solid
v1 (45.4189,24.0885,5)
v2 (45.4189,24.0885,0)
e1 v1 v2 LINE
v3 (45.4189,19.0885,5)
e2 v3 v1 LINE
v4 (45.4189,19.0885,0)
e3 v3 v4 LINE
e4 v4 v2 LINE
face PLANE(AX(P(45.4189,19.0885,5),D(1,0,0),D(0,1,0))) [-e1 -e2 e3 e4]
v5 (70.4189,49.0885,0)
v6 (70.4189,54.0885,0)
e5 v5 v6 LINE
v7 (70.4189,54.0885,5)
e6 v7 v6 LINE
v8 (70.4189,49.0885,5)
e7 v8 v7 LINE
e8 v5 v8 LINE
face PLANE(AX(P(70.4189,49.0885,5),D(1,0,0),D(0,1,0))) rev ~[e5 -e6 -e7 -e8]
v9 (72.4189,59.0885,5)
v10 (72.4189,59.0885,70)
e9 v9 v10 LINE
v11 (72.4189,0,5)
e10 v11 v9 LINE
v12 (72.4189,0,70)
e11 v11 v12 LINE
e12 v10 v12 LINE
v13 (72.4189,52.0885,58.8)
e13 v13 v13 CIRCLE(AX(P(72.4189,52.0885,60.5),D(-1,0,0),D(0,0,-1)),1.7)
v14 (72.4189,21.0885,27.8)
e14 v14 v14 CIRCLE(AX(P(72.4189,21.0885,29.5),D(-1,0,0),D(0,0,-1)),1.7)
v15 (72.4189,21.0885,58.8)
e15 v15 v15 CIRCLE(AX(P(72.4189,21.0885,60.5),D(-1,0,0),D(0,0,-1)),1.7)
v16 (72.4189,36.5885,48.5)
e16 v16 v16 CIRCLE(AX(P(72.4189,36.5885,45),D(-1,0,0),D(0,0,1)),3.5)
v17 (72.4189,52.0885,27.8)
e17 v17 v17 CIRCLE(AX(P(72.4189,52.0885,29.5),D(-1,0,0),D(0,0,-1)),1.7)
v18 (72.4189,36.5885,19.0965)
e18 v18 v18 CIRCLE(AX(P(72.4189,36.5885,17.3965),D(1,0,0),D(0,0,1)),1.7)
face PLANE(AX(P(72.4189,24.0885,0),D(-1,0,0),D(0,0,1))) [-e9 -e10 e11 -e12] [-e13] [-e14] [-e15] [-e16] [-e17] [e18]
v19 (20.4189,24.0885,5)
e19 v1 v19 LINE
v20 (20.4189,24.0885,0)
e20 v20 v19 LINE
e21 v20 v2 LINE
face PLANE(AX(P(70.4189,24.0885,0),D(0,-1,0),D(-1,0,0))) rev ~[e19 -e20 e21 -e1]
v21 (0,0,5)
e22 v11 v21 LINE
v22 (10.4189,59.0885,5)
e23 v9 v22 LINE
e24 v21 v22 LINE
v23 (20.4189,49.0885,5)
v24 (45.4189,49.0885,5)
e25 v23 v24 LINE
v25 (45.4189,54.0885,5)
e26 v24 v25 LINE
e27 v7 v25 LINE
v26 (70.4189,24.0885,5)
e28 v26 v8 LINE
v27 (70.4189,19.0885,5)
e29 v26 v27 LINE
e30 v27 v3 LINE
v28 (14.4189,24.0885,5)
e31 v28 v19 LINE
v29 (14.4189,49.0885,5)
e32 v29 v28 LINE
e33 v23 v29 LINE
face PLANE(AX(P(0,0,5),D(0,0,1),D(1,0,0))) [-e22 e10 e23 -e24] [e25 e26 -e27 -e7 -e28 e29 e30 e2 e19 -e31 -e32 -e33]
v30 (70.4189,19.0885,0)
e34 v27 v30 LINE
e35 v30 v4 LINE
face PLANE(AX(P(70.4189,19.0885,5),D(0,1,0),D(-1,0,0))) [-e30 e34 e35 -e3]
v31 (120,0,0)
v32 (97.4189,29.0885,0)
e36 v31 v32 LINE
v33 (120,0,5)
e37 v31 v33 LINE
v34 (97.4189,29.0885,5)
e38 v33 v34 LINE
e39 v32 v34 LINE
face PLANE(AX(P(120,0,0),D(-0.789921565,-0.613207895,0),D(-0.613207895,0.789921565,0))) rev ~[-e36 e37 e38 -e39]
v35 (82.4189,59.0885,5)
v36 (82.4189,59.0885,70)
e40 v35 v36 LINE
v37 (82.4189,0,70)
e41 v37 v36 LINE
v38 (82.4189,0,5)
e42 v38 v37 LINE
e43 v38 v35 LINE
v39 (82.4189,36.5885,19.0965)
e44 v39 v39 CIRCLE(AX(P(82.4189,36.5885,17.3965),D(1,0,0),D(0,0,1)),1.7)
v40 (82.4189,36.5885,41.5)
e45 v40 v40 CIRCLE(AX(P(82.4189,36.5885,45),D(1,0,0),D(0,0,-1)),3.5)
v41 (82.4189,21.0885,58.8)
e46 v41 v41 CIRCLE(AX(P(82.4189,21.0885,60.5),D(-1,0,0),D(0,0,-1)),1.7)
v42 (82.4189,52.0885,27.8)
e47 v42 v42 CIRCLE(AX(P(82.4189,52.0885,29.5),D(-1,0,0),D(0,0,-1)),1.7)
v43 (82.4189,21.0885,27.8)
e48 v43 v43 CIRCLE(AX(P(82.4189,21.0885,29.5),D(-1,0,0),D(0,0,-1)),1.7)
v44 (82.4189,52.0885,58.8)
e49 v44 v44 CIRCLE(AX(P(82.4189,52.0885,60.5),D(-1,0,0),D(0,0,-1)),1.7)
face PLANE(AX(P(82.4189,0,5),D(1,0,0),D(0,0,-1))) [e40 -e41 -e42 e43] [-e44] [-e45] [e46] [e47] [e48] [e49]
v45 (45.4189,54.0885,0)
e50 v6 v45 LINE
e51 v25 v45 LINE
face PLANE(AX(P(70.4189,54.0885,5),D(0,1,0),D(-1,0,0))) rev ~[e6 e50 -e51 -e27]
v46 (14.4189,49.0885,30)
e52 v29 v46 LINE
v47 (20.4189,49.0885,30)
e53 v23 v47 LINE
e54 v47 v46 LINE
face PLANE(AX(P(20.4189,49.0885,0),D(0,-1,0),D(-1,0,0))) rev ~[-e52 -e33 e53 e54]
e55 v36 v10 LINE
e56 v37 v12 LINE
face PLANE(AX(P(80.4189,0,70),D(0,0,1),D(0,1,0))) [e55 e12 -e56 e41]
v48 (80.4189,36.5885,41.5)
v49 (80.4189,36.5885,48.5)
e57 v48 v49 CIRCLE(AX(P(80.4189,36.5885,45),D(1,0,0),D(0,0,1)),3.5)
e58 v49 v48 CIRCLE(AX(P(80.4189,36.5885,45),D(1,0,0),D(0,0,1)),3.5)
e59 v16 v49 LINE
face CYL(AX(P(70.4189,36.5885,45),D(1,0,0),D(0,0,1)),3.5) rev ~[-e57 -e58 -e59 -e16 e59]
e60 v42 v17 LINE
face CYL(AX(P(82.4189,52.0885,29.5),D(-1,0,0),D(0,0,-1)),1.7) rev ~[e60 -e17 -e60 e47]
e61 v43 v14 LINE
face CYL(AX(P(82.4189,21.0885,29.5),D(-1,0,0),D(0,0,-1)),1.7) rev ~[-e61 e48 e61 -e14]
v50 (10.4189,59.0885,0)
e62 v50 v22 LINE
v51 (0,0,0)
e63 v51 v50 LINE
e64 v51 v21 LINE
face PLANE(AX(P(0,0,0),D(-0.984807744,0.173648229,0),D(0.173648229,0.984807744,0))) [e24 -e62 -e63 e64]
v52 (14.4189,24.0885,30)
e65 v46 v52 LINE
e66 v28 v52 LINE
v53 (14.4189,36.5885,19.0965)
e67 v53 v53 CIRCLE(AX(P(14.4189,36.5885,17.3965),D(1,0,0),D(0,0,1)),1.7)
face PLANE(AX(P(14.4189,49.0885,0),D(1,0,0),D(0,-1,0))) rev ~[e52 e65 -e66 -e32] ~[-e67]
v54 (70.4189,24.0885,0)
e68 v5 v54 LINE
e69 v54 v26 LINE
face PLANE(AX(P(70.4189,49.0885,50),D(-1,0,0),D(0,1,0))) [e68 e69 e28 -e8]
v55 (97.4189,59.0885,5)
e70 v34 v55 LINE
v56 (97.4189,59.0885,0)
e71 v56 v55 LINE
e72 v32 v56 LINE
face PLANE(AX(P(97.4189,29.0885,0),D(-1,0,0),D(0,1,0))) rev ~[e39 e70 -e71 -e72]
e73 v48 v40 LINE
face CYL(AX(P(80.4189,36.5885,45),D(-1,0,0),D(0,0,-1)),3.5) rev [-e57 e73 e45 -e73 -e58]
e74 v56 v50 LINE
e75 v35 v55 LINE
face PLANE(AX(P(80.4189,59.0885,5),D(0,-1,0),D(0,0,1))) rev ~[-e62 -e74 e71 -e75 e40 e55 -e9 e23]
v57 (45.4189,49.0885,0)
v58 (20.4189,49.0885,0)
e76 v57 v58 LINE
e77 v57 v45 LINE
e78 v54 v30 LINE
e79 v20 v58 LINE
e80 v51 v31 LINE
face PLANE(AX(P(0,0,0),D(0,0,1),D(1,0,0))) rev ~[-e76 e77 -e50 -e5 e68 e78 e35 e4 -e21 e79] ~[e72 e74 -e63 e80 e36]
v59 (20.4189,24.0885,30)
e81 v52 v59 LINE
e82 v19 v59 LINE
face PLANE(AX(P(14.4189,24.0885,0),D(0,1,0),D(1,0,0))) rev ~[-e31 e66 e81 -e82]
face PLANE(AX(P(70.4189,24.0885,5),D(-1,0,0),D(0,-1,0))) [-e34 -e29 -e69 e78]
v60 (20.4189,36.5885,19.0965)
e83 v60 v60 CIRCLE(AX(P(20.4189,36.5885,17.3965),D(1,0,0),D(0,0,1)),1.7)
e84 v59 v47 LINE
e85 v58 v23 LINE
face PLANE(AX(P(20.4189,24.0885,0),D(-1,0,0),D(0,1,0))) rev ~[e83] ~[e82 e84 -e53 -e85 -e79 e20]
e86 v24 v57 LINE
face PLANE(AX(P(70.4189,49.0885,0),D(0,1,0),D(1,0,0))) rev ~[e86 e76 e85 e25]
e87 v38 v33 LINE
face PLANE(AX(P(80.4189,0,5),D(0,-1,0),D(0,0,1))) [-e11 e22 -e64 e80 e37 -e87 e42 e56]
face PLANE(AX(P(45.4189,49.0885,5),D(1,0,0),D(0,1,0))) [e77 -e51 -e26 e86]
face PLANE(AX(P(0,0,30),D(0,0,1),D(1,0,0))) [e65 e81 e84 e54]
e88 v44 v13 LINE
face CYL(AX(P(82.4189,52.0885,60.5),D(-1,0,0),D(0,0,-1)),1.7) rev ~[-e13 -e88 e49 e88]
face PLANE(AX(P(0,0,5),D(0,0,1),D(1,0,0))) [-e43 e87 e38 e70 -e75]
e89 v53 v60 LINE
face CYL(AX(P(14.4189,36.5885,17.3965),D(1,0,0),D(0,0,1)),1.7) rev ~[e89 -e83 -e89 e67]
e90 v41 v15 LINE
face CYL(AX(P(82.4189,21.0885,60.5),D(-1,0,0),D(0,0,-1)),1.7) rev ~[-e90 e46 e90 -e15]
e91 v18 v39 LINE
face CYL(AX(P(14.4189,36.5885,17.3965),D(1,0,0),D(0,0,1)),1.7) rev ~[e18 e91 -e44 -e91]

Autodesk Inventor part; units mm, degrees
ref_plane "YZ Plane" through (0, 0, 0) normal (1, 0, 0) x (0, 1, 0)
ref_plane "XZ Plane" through (0, 0, 0) normal (0, 1, 0) x (-1, 0, 0)
ref_plane "XY Plane" through (0, 0, 0) normal (0, 0, 1) x (1, 0, 0)
sketch "Szkic1" plane through (0, 0, 0) normal (0, 0, 1) x (1, 0, 0)
  line L0 (0, 0) -> (120, 0)
  line L1 (0, 0) -> (10.4189, 59.0885)
  line L2 (0, 0) -> (60, 0) construction
  line L3 (120, 0) -> (97.4189, 29.0885)
  line L4 (10.4189, 59.0885) -> (70.4189, 59.0885)
  line L5 (10.4189, 59.0885) -> (70.4189, 59.0885) construction
  line L6 (97.4189, 29.0885) -> (97.4189, 59.0885)
  line L7 (97.4189, 59.0885) -> (70.4189, 59.0885)
  line L8 (20.4189, 49.0885) -> (70.4189, 49.0885)
  line L9 (70.4189, 49.0885) -> (70.4189, 24.0885)
  line L10 (70.4189, 24.0885) -> (20.4189, 24.0885)
  line L11 (20.4189, 24.0885) -> (20.4189, 49.0885)
  line L12 (20.4189, 49.0885) -> (14.4189, 49.0885)
  line L13 (14.4189, 49.0885) -> (14.4189, 24.0885)
  line L14 (14.4189, 24.0885) -> (20.4189, 24.0885)
  line L15 (20.4189, 24.0885) -> (20.4189, 49.0885)
  line L16 (70.4189, 49.0885) -> (80.4189, 49.0885)
  line L17 (80.4189, 49.0885) -> (80.4189, 24.0885)
  line L18 (80.4189, 24.0885) -> (70.4189, 24.0885)
  line L19 (70.4189, 24.0885) -> (70.4189, 49.0885)
  dimension "d0" = 120
  dimension "d1" = 60
  dimension "d2" = 80
  dimension "d4" = 60
  dimension "d5" = 0
  dimension "d6" = 50
  dimension "d7" = 25
  dimension "d8" = 10
  dimension "d9" = 10
  dimension "d10" = 6
  dimension "d11" = 10
  dimension "d23" = 27
  dimension "d24" = 30
extrude "Wyciągnięcie proste1" add sketch "Szkic1" along normal blind 5
extrude "Wyciągnięcie proste2" add sketch "Szkic1" along normal blind 30 contours L11 L14 L13 L12
extrude "Wyciągnięcie proste3" add sketch "Szkic1" along normal blind 50 contours L16 L17 L18 L9
sketch "Szkic2" plane through (70.4189, 49.0885, 5) normal (0, 1, 0) x (1, 0, 0)
  point P0 (-70.4189, 5)
sketch "Szkic3" plane through (70.4189, 49.0885, 5) normal (0, 1, 0) x (1, 0, 0)
  line L0 (0, 0) -> (0, -45) projected
  line L1 (-70.4189, 0) -> (49.5811, 0) projected
  line L2 (0, -45) -> (10, -45)
  line L3 (10, -45) -> (10, 0)
  line L4 (10, 0) -> (0, 0)
  line L5 (0, 0) -> (0, -45)
  point P0 (-70.4189, 5)
  dimension "d18" = 10
extrude "Wyciągnięcie proste4" add sketch "Szkic3" along normal blind 10
sketch "Szkic4" plane through (70.4189, 24.0885, 5) normal (0, -1, 0) x (1, 0, 0)
  line L0 (0, 45) -> (10, 45) projected
  line L1 (0, 0) -> (0, -5) projected
  line L2 (10, 45) -> (0, 45)
  line L3 (0, 45) -> (0, 0)
  line L4 (0, 0) -> (10, 0)
  line L5 (10, 0) -> (10, 45)
  point P0 (-70.4189, -5)
extrude "Wyciągnięcie proste5" add sketch "Szkic4" along normal up to surface (24.0885 mm away)
sketch "Szkic5" plane through (0, 0, 50) normal (0, 0, 1) x (1, 0, 0)
  line L0 (70.4189, 49.0885) -> (70.4189, 59.0885) projected
  line L1 (80.4189, 59.0885) -> (80.4189, 0) projected
  line L2 (70.4189, 59.0885) -> (80.4189, 59.0885)
  line L3 (80.4189, 59.0885) -> (80.4189, 0)
  line L4 (80.4189, 0) -> (70.4189, 0)
  line L5 (70.4189, 0) -> (70.4189, 59.0885)
  point P0 (0, 0)
extrude "Wyciągnięcie proste6" add sketch "Szkic5" along normal blind 20
sketch "Szkic6" plane through (70.4189, 24.0885, 0) normal (-1, 0, 0) x (0, 0, 1)
  line L0 (5, 35) -> (70, 35) projected
  line L1 (30, 25) -> (30, 0) projected
  point P0 (0, -24.0885)
  point P1 (45, 12.5)
  point P2 (30, 12.5)
  dimension "d27" = 22.5
  dimension "d28" = 15
hole "Otwór1" at (70.4189, 36.5885, 45) direction (1, 0, 0) diameter 7 end through all
sketch "Szkic7" plane through (80.4189, 0, 5) normal (1, 0, 0) x (0, 0, -1)
  line L0 (0, 59.0885) -> (-65, 59.0885) projected
  line L1 (0, 0) -> (0, 24.0885) projected
  line L2 (-65, 59.0885) -> (0, 59.0885)
  line L3 (0, 59.0885) -> (0, 0)
  line L4 (0, 0) -> (-65, 0)
  line L5 (-65, 0) -> (-65, 59.0885)
  circle A0 centre (-40, 36.5885) radius 3.5 projected
  circle A1 centre (-40, 36.5885) radius 3.5
  point P0 (5, 0)
extrude "Wyciągnięcie proste7" add sketch "Szkic7" along normal blind 2
sketch "Szkic8" plane through (70.4189, 24.0885, 0) normal (-1, 0, 0) x (0, 0, 1)
  line L0 (5, 35) -> (70, 35) projected
  line L1 (5, -24.0885) -> (70, -24.0885) projected
  line L2 (5, 35) -> (70, 35)
  line L3 (70, 35) -> (70, -24.0885)
  line L4 (70, -24.0885) -> (5, -24.0885)
  line L5 (5, -24.0885) -> (5, 35)
  line L6 (5, 35) -> (70, 35)
  line L7 (70, 35) -> (70, -24.0885)
  line L8 (70, -24.0885) -> (5, -24.0885)
  line L9 (5, -24.0885) -> (5, 35)
  circle A0 centre (45, 12.5) radius 3.5 projected
  circle A1 centre (45, 12.5) radius 3.5
  point P0 (0, -24.0885)
  point P1 (70, 35)
extrude "Wyciągnięcie proste8" cut sketch "Szkic8" against normal blind 2
sketch "Szkic9" plane through (82.4189, 0, 5) normal (1, 0, 0) x (0, 0, -1)
  circle A0 centre (-40, 36.5885) radius 3.5 projected
  point P0 (5, 0)
  point P1 (-55.5, 52.0885)
  point P2 (-24.5, 52.0885)
  point P3 (-24.5, 52.0885)
  point P4 (-24.5, 21.0885)
  point P5 (-55.5, 21.0885)
  dimension "d40" = 31
  dimension "d41" = 31
  dimension "d42" = 31
  dimension "d43" = 31
  dimension "d44" = 15.5
  dimension "d45" = 15.5
hole "Otwór2" at (82.4189, 52.0885, 60.5) at (82.4189, 52.0885, 29.5) at (82.4189, 21.0885, 60.5) at (82.4189, 21.0885, 29.5) direction (-1, 0, 0) diameter 3.4 end through all clearance for "Śruba ze łbem stożkowym ISO 2009/7046" size "M3" standard "ISO"
sketch "Szkic10" plane through (14.4189, 24.0885, 5) normal (-1, 0, 0) x (0, 0, 1)
  point P0 (-5, -24.0885)
  point P1 (12.3965, 12.5)
hole "Otwór3" at (14.4189, 36.5885, 17.3965) direction (1, 0, 0) diameter 3.4 end through all clearance for "Śruba ze łbem stożkowym ISO 2009/7046" size "M3" standard "ISO"
sketch "Szkic12" plane through (0, 0, 5) normal (0, 0, 1) x (1, 0, 0)
  line L0 (20.4189, 49.0885) -> (70.4189, 49.0885) projected
  line L1 (70.4189, 49.0885) -> (70.4189, 54.0885)
  line L2 (70.4189, 54.0885) -> (45.4189, 54.0885)
  line L3 (70.4189, 24.0885) -> (20.4189, 24.0885) projected
  line L4 (70.4189, 24.0885) -> (70.4189, 19.0885)
  line L5 (70.4189, 19.0885) -> (45.4189, 19.0885)
  line L6 (45.4189, 19.0885) -> (45.4189, 54.0885)
  point P0 (0, 0)
  point P1 (45.4189, 24.0885)
  point P2 (45.4189, 49.0885)
  dimension "d63" = 5
  dimension "d64" = 5
extrude "Wyciągnięcie proste10" cut sketch "Szkic12" against normal blind 10
equation "\"d41\" = d40"
equation "\"d42\" = d40"
equation "\"d43\" = d40"
properties part number "podstawka pod silnik"
